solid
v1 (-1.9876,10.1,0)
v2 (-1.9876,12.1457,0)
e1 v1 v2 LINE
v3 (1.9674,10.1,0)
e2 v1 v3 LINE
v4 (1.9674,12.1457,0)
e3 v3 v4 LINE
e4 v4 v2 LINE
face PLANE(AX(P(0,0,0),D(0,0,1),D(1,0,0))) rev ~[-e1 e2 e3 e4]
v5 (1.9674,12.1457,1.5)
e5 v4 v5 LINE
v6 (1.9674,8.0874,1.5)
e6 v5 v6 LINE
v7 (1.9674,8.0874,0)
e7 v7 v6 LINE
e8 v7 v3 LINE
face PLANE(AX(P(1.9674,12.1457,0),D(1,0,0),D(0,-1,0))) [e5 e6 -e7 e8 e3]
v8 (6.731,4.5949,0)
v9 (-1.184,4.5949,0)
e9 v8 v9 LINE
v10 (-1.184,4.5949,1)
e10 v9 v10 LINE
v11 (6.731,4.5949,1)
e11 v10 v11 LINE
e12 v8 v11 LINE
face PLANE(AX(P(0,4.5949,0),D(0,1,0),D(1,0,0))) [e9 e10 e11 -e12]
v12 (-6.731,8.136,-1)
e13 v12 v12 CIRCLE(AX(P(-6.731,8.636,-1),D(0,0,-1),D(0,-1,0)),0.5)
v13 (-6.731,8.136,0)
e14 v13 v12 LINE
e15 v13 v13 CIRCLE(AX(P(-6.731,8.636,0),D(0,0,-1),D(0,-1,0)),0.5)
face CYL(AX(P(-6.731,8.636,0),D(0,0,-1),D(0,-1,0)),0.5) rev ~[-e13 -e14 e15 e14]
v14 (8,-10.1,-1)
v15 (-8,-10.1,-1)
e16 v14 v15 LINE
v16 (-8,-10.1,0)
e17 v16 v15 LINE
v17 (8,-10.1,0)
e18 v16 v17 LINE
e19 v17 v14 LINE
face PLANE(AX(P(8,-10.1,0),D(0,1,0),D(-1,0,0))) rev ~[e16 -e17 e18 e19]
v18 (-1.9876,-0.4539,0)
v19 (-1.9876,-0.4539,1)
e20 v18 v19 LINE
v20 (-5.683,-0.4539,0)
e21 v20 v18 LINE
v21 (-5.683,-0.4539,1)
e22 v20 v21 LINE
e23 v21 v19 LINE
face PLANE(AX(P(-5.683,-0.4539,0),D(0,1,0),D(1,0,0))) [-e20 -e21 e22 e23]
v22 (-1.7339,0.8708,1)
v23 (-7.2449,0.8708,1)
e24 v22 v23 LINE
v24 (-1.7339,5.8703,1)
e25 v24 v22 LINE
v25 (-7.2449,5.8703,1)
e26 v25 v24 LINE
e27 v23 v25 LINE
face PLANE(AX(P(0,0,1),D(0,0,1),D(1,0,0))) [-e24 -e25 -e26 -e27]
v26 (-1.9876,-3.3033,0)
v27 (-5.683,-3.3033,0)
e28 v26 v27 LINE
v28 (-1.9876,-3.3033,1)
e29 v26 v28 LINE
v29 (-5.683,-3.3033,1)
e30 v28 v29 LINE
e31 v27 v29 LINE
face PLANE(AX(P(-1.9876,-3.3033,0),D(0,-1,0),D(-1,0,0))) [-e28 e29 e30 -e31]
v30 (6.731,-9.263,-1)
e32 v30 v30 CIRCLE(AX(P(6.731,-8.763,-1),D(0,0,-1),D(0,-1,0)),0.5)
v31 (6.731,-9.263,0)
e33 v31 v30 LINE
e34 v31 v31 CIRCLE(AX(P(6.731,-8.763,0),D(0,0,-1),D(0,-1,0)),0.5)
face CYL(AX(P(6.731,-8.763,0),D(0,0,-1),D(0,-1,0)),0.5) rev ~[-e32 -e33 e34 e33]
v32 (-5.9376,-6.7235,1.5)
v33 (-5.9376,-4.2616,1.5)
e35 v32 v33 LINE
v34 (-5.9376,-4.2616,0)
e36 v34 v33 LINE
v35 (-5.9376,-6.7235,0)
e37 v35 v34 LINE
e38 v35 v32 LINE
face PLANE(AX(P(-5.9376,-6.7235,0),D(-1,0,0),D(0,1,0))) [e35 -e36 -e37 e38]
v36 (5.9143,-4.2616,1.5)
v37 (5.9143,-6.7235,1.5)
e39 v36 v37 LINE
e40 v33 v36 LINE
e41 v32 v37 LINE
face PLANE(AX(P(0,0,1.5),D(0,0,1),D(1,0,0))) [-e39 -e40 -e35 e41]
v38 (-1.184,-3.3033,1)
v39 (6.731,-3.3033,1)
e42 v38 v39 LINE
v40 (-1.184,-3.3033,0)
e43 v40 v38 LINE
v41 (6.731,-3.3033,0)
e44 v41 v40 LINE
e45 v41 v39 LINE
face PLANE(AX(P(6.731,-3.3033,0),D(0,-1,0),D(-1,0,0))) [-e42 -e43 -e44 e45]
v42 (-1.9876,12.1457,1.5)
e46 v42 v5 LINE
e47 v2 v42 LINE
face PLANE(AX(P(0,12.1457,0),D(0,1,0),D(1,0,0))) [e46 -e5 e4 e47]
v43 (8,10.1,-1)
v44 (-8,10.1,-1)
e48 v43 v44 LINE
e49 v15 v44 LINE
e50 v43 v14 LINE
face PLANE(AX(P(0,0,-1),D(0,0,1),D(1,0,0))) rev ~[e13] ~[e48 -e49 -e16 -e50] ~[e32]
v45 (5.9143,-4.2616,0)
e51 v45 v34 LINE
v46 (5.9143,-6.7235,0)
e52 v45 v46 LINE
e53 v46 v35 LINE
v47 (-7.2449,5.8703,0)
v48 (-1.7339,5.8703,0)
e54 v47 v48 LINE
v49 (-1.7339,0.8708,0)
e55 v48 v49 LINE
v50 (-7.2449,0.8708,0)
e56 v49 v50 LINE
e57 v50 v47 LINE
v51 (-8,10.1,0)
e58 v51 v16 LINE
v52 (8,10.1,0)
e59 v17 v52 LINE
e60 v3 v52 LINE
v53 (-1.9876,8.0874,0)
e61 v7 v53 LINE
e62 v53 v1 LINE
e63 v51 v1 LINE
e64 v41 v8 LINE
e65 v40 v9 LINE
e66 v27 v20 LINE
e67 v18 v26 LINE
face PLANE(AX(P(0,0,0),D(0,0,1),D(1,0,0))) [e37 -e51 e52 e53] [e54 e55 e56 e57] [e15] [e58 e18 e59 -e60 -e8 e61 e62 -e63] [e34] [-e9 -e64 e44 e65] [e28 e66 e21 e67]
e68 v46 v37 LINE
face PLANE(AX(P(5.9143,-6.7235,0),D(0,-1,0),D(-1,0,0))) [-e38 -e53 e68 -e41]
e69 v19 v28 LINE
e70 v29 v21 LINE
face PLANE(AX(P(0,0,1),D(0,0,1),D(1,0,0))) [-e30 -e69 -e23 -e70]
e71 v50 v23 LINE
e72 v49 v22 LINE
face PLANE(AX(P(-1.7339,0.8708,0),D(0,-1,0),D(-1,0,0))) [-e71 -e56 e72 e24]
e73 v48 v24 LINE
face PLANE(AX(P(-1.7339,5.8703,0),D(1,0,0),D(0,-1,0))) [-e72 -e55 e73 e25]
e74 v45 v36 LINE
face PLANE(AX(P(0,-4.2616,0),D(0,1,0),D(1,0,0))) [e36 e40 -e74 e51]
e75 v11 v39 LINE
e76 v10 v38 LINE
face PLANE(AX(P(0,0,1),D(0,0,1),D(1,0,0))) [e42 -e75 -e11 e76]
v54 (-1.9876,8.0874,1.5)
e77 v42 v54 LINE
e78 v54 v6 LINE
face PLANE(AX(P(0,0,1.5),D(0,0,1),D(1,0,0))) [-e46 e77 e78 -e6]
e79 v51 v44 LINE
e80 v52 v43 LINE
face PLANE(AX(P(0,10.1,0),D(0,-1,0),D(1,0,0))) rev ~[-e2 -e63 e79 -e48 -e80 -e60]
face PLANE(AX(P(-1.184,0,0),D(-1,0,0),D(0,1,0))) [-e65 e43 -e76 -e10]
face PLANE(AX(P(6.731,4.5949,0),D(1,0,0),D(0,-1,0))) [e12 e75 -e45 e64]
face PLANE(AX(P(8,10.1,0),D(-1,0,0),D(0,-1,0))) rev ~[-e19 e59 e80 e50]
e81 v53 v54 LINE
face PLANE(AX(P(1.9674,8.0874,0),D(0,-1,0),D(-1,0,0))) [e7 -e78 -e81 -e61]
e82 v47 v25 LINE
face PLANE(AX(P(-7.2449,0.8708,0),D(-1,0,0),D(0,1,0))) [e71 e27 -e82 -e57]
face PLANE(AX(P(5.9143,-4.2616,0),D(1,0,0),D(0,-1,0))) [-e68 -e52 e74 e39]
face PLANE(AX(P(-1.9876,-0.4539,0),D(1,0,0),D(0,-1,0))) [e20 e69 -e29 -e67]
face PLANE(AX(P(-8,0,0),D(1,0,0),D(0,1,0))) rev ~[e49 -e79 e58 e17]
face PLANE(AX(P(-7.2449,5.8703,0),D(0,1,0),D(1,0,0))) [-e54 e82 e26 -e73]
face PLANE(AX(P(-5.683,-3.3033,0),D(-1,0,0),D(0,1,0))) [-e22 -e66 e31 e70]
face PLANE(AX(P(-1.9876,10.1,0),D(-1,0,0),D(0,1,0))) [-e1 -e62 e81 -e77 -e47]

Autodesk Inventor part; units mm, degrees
ref_plane "YZ Plane" through (0, 0, 0) normal (1, 0, 0) x (0, 1, 0)
ref_plane "XZ Plane" through (0, 0, 0) normal (0, 1, 0) x (-1, 0, 0)
ref_plane "XY Plane" through (0, 0, 0) normal (0, 0, 1) x (1, 0, 0)
sketch "Sketch1" plane through (0, 0, 0) normal (0, 0, 1) x (1, 0, 0)
  line L0 (0, 133.1936) -> (0, -174.4071) projected
  line L1 (-87.3177, 0) -> (127.2932, 0) projected
  line L2 (8, -10.1) -> (-8, -10.1)
  line L3 (-8, -10.1) -> (-8, 10.1)
  line L4 (-8, 10.1) -> (8, 10.1)
  line L5 (8, 10.1) -> (8, -10.1)
  line L6 (8, -10.1) -> (-8, 10.1) construction
  line L7 (-8, -10.1) -> (8, 10.1) construction
  circle A0 centre (-6.731, 8.636) radius 0.5139 construction
  circle A1 centre (6.731, -8.763) radius 0.49 construction
  line L8 (-5.9376, -4.2616) -> (5.9143, -4.2616)
  line L9 (5.9143, -4.2616) -> (5.9143, -6.7235)
  line L10 (5.9143, -6.7235) -> (-5.9376, -6.7235)
  line L11 (-5.9376, -6.7235) -> (-5.9376, -4.2616)
  line L12 (-1.9876, 12.1457) -> (1.9674, 12.1457)
  line L13 (1.9674, 12.1457) -> (1.9674, 8.0874)
  line L14 (1.9674, 8.0874) -> (-1.9876, 8.0874)
  line L15 (-1.9876, 8.0874) -> (-1.9876, 12.1457)
  line L16 (-7.2449, 5.8703) -> (-1.7339, 5.8703)
  line L17 (-1.7339, 5.8703) -> (-1.7339, 0.8708)
  line L18 (-1.7339, 0.8708) -> (-7.2449, 0.8708)
  line L19 (-7.2449, 0.8708) -> (-7.2449, 5.8703)
  line L20 (-5.683, -0.4539) -> (-1.9876, -0.4539)
  line L21 (-1.9876, -0.4539) -> (-1.9876, -3.3033)
  line L22 (-1.9876, -3.3033) -> (-5.683, -3.3033)
  line L23 (-5.683, -3.3033) -> (-5.683, -0.4539)
  line L24 (-1.184, 4.5949) -> (6.731, 4.5949)
  line L25 (6.731, 4.5949) -> (6.731, -3.3033)
  line L26 (6.731, -3.3033) -> (-1.184, -3.3033)
  line L27 (-1.184, -3.3033) -> (-1.184, 4.5949)
  line L28 (54.8091, 13.2903) -> (96.6345, 13.2903) construction
  line L29 (96.6345, 13.2903) -> (96.6345, -86.1085) construction
  line L30 (96.6345, -86.1085) -> (54.8091, -86.1085) construction
  line L31 (54.8091, -86.1085) -> (54.8091, 13.2903) construction
  line L32 (-7.642, -75.3683) -> (-7.642, -85.3683)
  line L33 (71.1512, 85.7776) -> (64.977, -130.4641) construction
  line L34 (64.977, -130.4641) -> (-56.659, -126.9911) construction
  line L35 (-56.659, -126.9911) -> (-50.4848, 89.2506) construction
  line L36 (-50.4848, 89.2506) -> (71.1512, 85.7776) construction
  point P0 (0, 0)
  dimension "d0" = 16
  dimension "d54" = 20.2
  dimension "d67" = 8.636
  dimension "d68" = 6.731
  dimension "d69" = 8.763
  dimension "d70" = 6.731
  dimension "d173" = 17.399
  dimension "d175" = 10
  dimension "d232" = 13.462
extrude "Extrusion1" add sketch "Sketch1" against normal blind 1 contours L4 L13 L14 L0 | L0 L14 L15 L4 | L14 L13 L4 L5 L1 L25 L24 L0 | L0 L24 L27 L1 L3 L4 L15 L14 | L24 L25 L1 L0 | L0 L1 L27 L24 | L1 L25 L26 L0 | L0 L26 L27 L1 | L1 L27 L26 L0 L8 L11 L10 L2 L3 | L5 L2 L0 L10 L9 L8 L26 L25 L1 | L8 L9 L10 L0 | L0 L10 L11 L8 | L16 L17 L18 L19 | L20 L21 L22 L23
extrude "Extrusion2" add sketch "Sketch1" along normal blind 1 contours L24 L25 L1 L0 | L0 L1 L27 L24 | L1 L25 L26 L0 | L0 L26 L27 L1 | L16 L17 L18 L19 | L20 L21 L22 L23
extrude "Extrusion3" add sketch "Sketch1" along normal blind 1.5 contours L12 L13 L4 L0 | L0 L4 L15 L12 | L4 L13 L14 L0 | L0 L14 L15 L4 | L8 L9 L10 L0 | L0 L10 L11 L8
hole "Hole1" at (6.731, -8.763, 0) at (-6.731, 8.636, 0) direction (0, 0, -1) diameter 1 depth 25.4 tip angle 118
